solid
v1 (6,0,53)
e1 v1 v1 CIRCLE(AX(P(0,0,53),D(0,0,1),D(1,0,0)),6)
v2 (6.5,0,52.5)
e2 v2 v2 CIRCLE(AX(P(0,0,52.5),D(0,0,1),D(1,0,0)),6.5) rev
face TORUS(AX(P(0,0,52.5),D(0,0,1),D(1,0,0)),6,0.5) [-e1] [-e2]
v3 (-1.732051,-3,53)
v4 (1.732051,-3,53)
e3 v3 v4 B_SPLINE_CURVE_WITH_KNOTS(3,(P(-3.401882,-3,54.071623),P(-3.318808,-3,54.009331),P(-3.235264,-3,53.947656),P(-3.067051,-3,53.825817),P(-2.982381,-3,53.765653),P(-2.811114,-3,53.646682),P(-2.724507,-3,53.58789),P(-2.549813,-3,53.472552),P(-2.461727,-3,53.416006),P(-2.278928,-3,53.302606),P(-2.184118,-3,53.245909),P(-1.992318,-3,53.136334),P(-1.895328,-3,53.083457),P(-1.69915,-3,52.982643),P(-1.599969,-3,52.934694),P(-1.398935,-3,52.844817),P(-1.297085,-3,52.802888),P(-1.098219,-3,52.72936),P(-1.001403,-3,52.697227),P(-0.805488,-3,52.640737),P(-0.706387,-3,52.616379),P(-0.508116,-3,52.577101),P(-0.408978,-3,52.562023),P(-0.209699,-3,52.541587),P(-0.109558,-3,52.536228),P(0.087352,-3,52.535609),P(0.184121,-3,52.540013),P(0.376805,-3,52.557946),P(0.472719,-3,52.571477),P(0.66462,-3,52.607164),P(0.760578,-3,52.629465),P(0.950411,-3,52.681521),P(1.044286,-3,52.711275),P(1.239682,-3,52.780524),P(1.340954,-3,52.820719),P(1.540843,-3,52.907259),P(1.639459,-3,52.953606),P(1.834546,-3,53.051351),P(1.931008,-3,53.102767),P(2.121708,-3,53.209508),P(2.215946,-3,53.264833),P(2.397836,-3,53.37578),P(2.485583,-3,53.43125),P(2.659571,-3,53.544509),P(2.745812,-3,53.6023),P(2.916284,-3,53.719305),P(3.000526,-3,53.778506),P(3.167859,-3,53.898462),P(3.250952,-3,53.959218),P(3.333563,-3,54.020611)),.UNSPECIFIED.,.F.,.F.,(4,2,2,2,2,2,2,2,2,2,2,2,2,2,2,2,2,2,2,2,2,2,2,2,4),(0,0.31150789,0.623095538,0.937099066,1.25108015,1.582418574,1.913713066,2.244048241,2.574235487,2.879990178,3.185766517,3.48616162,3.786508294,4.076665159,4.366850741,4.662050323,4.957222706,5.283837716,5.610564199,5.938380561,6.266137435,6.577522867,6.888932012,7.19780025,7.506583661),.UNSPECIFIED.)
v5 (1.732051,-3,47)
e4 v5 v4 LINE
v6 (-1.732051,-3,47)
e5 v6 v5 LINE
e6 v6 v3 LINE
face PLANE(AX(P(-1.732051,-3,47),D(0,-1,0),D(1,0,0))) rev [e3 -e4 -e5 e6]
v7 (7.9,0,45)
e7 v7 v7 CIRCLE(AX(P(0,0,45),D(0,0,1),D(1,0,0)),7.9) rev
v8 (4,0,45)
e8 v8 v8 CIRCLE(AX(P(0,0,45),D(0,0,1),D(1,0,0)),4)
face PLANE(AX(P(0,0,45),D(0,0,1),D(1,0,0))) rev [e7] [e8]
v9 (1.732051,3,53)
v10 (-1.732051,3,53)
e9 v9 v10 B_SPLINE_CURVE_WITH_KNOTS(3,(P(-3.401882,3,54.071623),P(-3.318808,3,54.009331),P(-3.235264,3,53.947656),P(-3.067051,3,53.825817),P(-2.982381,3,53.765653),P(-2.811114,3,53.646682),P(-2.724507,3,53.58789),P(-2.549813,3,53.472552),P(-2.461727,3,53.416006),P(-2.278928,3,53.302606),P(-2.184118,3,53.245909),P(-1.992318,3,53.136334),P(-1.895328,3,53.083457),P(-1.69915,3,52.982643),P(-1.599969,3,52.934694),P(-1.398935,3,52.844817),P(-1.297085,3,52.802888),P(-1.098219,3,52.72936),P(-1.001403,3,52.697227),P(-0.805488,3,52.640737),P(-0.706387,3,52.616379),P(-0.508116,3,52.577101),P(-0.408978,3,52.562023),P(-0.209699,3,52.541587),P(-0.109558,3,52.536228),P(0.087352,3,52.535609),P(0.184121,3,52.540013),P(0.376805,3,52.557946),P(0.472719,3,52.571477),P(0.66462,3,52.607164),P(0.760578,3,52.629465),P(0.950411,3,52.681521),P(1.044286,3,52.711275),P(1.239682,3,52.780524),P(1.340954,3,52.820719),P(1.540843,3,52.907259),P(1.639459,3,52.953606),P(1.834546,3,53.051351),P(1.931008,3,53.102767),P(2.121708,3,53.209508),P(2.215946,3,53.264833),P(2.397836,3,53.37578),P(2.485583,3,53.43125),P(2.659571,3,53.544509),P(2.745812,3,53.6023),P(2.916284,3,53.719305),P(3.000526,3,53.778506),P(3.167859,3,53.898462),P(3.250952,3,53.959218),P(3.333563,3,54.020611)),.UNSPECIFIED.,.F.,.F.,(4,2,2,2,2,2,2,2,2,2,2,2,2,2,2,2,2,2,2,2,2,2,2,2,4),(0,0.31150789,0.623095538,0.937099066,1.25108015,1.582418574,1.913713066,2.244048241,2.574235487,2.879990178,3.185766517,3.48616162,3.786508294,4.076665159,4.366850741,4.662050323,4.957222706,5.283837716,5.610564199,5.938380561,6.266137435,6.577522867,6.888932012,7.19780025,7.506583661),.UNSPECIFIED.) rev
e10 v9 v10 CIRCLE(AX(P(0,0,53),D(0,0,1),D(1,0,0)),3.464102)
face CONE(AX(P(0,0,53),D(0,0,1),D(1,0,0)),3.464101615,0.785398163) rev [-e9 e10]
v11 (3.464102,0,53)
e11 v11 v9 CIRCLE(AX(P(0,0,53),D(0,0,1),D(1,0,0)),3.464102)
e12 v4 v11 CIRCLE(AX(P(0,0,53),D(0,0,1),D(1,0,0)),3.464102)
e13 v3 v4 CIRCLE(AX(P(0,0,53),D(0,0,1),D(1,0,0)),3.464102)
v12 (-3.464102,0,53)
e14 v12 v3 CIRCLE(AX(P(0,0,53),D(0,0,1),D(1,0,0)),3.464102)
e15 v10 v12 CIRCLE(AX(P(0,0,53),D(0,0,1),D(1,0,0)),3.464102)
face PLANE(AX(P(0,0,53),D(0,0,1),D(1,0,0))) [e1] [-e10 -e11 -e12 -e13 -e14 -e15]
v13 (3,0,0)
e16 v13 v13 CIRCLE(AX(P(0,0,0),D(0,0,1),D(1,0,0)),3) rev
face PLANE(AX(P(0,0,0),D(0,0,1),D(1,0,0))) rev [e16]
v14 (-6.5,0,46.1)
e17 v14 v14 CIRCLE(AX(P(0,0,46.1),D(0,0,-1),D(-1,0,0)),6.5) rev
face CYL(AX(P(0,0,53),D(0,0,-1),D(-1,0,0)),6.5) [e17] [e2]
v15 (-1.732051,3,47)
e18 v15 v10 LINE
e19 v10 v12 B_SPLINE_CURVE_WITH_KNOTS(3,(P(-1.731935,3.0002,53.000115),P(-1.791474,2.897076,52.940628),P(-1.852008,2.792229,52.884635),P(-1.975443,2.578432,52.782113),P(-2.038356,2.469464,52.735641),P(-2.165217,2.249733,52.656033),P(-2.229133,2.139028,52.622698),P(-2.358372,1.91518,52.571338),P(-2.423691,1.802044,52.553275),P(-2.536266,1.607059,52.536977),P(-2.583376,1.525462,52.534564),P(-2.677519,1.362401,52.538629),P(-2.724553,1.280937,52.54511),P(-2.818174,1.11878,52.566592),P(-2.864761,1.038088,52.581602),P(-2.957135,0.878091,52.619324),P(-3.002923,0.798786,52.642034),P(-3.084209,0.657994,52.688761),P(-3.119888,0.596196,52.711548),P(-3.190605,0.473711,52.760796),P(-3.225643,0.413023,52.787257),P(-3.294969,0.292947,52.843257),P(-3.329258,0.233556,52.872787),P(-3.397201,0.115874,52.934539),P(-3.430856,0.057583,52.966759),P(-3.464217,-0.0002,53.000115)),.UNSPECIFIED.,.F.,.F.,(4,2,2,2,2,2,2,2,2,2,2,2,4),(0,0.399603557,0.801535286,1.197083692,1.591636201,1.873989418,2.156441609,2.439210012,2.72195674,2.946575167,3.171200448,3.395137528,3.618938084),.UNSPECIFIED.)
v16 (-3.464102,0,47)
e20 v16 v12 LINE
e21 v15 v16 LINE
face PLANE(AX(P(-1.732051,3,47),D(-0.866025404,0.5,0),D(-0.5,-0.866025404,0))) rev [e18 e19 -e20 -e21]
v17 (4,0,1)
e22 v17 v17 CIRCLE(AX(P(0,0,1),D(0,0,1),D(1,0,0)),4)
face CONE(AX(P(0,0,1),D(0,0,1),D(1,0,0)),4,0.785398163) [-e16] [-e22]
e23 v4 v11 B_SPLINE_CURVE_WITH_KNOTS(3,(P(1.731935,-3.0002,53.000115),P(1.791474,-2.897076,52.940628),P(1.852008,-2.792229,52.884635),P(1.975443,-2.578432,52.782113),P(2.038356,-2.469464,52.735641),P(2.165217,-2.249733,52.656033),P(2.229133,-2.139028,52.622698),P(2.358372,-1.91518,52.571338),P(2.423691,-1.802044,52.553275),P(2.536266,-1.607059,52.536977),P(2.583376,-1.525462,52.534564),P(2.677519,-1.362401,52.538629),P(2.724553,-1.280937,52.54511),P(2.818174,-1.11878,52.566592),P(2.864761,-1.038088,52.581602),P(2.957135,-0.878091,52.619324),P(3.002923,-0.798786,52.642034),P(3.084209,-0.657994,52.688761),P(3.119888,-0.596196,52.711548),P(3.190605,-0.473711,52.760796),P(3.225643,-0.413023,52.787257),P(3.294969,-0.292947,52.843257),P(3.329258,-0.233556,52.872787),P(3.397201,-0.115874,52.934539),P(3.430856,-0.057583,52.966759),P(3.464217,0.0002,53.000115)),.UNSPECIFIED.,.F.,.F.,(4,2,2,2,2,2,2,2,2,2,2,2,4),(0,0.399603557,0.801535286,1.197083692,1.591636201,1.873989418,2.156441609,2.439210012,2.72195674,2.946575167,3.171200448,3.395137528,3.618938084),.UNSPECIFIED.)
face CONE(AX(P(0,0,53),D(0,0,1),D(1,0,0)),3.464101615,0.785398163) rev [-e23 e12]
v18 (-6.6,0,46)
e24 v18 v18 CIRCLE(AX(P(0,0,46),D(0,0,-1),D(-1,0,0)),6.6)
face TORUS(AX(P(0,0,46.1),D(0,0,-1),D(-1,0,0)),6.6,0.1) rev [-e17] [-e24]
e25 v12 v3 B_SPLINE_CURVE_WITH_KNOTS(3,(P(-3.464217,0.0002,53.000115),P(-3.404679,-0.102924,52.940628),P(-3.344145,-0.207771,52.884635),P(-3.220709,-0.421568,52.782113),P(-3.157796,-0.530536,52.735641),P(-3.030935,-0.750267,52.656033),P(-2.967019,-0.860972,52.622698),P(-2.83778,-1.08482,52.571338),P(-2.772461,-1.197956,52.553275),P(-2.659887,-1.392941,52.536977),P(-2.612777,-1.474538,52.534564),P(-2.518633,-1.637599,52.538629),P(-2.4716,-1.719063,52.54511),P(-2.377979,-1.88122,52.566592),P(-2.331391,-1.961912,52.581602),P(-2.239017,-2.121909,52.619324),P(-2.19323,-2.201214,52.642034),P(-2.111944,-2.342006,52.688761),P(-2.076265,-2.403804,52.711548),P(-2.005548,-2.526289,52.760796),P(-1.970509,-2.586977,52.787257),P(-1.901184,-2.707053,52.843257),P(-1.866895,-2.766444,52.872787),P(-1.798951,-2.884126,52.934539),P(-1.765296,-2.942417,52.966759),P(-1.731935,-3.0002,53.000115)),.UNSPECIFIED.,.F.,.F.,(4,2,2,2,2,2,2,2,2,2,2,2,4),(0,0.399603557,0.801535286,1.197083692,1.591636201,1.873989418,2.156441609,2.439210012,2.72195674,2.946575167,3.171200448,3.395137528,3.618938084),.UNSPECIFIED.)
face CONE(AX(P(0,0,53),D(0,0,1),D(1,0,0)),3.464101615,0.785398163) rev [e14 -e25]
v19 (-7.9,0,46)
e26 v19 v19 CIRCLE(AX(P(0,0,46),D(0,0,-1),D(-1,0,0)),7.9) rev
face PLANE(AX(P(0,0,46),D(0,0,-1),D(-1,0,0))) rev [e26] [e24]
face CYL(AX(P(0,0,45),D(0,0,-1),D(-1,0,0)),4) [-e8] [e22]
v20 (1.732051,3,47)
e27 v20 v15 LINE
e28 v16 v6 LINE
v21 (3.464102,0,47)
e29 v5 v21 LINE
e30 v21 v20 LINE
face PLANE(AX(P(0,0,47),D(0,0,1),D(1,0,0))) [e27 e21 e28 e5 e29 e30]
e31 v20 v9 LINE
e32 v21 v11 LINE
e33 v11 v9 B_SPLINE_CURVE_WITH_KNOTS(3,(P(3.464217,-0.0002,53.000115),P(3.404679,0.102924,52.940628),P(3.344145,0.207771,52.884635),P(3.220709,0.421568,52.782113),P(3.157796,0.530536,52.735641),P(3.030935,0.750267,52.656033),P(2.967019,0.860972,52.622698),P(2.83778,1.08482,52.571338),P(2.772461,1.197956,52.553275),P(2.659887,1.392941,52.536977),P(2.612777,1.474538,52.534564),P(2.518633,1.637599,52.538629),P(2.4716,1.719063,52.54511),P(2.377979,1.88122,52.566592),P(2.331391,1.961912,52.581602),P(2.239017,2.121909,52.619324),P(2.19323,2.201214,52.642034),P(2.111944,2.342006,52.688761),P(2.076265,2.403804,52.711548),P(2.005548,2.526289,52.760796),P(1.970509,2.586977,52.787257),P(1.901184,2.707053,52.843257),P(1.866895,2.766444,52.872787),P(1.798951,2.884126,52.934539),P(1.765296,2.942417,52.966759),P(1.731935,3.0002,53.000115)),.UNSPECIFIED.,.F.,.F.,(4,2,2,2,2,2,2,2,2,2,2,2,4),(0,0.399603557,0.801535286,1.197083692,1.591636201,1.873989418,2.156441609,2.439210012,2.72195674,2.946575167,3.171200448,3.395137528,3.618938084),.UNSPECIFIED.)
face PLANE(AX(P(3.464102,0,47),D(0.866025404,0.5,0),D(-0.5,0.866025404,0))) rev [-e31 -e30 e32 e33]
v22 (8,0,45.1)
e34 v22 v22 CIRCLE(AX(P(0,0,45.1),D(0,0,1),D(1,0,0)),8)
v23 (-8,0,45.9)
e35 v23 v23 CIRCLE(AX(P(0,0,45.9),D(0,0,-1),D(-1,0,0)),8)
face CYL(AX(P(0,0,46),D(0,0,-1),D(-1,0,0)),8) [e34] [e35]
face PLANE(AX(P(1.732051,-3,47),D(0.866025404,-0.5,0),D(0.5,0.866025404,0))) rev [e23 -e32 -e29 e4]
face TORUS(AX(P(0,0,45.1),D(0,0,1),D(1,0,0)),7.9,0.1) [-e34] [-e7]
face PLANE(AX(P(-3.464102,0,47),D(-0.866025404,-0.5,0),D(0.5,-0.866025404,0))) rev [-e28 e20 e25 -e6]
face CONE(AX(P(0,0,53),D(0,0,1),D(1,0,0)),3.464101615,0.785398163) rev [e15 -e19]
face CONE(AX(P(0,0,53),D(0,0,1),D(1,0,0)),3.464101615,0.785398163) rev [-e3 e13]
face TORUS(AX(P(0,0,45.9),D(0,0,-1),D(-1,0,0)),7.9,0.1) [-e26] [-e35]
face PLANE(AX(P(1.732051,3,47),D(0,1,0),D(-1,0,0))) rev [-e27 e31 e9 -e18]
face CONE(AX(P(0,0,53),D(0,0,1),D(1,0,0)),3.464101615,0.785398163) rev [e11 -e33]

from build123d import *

# Parameters (mm, degrees)
SCHIZZO1_R                   = 4
ESTRUSIONE_ESTRUSIONE1_DEPTH = 45
SMUSSO1_SIZE                 = 1
SCHIZZO6_R                   = 6.5
ESTRUSIONE_ESTRUSIONE3_DEPTH = 8
TAGLIO_ESTRUSIONE3_DEPTH     = 6
SCHIZZO8_R                   = 3.464101615
TAGLIO_ESTRUSIONE4_DEPTH     = 1
TAGLIO_ESTRUSIONE4_TAPER     = 45
RACCORDO1_R                  = 0.5
SCHIZZO9_R                   = 8
SCHIZZO9_R_2                 = 6.5
ESTRUSIONE_ESTRUSIONE4_DEPTH = 1
RACCORDO2_R                  = 0.1


with BuildPart() as part:
    # Schizzo1 → Estrusione-Estrusione1 (new body)
    with BuildSketch(Plane.XY):
        Circle(SCHIZZO1_R)
    extrude(amount=ESTRUSIONE_ESTRUSIONE1_DEPTH)

    # Smusso1
    smusso1_edges = [part.edges().sort_by_distance(p)[0] for p in [
        (-4, 0, 0),
    ]]
    chamfer(smusso1_edges, length=SMUSSO1_SIZE)

    # Schizzo6 → Estrusione-Estrusione3 (add)
    with BuildSketch(Plane.XY.offset(45)):
        Circle(SCHIZZO6_R)
    extrude(amount=ESTRUSIONE_ESTRUSIONE3_DEPTH)

    # Schizzo7 → Taglio-Estrusione3 (cut)
    with BuildSketch(Plane.XY.offset(53)):
        Polygon((1.732050808, 3), (-1.732050808, 3), (-3.464101615, 0), (-1.732050808, -3), (1.732050808, -3), (3.464101615, 0), align=None)
    extrude(amount=-TAGLIO_ESTRUSIONE3_DEPTH, mode=Mode.SUBTRACT)

    # Schizzo8 → Taglio-Estrusione4 (cut)
    with BuildSketch(Plane.XY.offset(53)):
        Circle(SCHIZZO8_R)
    extrude(amount=-TAGLIO_ESTRUSIONE4_DEPTH, taper=TAGLIO_ESTRUSIONE4_TAPER, mode=Mode.SUBTRACT)

    # Raccordo1
    raccordo1_edges = [part.edges().sort_by_distance(p)[0] for p in [
        (-6.5, 0, 53),
    ]]
    fillet(raccordo1_edges, radius=RACCORDO1_R)

    # Schizzo9 → Estrusione-Estrusione4 (add)
    with BuildSketch(Plane(origin=(0, 0, 45), x_dir=(-1, 0, 0), z_dir=(0, 0, -1))):
        Circle(SCHIZZO9_R)
        Circle(SCHIZZO9_R_2, mode=Mode.SUBTRACT)
    extrude(amount=-ESTRUSIONE_ESTRUSIONE4_DEPTH)

    # Raccordo2
    raccordo2_edges = [part.edges().sort_by_distance(p)[0] for p in [
        (-6.5, 0, 46),
        (8, 0, 46),
        (8, 0, 45),
    ]]
    fillet(raccordo2_edges, radius=RACCORDO2_R)


solid = part.part
